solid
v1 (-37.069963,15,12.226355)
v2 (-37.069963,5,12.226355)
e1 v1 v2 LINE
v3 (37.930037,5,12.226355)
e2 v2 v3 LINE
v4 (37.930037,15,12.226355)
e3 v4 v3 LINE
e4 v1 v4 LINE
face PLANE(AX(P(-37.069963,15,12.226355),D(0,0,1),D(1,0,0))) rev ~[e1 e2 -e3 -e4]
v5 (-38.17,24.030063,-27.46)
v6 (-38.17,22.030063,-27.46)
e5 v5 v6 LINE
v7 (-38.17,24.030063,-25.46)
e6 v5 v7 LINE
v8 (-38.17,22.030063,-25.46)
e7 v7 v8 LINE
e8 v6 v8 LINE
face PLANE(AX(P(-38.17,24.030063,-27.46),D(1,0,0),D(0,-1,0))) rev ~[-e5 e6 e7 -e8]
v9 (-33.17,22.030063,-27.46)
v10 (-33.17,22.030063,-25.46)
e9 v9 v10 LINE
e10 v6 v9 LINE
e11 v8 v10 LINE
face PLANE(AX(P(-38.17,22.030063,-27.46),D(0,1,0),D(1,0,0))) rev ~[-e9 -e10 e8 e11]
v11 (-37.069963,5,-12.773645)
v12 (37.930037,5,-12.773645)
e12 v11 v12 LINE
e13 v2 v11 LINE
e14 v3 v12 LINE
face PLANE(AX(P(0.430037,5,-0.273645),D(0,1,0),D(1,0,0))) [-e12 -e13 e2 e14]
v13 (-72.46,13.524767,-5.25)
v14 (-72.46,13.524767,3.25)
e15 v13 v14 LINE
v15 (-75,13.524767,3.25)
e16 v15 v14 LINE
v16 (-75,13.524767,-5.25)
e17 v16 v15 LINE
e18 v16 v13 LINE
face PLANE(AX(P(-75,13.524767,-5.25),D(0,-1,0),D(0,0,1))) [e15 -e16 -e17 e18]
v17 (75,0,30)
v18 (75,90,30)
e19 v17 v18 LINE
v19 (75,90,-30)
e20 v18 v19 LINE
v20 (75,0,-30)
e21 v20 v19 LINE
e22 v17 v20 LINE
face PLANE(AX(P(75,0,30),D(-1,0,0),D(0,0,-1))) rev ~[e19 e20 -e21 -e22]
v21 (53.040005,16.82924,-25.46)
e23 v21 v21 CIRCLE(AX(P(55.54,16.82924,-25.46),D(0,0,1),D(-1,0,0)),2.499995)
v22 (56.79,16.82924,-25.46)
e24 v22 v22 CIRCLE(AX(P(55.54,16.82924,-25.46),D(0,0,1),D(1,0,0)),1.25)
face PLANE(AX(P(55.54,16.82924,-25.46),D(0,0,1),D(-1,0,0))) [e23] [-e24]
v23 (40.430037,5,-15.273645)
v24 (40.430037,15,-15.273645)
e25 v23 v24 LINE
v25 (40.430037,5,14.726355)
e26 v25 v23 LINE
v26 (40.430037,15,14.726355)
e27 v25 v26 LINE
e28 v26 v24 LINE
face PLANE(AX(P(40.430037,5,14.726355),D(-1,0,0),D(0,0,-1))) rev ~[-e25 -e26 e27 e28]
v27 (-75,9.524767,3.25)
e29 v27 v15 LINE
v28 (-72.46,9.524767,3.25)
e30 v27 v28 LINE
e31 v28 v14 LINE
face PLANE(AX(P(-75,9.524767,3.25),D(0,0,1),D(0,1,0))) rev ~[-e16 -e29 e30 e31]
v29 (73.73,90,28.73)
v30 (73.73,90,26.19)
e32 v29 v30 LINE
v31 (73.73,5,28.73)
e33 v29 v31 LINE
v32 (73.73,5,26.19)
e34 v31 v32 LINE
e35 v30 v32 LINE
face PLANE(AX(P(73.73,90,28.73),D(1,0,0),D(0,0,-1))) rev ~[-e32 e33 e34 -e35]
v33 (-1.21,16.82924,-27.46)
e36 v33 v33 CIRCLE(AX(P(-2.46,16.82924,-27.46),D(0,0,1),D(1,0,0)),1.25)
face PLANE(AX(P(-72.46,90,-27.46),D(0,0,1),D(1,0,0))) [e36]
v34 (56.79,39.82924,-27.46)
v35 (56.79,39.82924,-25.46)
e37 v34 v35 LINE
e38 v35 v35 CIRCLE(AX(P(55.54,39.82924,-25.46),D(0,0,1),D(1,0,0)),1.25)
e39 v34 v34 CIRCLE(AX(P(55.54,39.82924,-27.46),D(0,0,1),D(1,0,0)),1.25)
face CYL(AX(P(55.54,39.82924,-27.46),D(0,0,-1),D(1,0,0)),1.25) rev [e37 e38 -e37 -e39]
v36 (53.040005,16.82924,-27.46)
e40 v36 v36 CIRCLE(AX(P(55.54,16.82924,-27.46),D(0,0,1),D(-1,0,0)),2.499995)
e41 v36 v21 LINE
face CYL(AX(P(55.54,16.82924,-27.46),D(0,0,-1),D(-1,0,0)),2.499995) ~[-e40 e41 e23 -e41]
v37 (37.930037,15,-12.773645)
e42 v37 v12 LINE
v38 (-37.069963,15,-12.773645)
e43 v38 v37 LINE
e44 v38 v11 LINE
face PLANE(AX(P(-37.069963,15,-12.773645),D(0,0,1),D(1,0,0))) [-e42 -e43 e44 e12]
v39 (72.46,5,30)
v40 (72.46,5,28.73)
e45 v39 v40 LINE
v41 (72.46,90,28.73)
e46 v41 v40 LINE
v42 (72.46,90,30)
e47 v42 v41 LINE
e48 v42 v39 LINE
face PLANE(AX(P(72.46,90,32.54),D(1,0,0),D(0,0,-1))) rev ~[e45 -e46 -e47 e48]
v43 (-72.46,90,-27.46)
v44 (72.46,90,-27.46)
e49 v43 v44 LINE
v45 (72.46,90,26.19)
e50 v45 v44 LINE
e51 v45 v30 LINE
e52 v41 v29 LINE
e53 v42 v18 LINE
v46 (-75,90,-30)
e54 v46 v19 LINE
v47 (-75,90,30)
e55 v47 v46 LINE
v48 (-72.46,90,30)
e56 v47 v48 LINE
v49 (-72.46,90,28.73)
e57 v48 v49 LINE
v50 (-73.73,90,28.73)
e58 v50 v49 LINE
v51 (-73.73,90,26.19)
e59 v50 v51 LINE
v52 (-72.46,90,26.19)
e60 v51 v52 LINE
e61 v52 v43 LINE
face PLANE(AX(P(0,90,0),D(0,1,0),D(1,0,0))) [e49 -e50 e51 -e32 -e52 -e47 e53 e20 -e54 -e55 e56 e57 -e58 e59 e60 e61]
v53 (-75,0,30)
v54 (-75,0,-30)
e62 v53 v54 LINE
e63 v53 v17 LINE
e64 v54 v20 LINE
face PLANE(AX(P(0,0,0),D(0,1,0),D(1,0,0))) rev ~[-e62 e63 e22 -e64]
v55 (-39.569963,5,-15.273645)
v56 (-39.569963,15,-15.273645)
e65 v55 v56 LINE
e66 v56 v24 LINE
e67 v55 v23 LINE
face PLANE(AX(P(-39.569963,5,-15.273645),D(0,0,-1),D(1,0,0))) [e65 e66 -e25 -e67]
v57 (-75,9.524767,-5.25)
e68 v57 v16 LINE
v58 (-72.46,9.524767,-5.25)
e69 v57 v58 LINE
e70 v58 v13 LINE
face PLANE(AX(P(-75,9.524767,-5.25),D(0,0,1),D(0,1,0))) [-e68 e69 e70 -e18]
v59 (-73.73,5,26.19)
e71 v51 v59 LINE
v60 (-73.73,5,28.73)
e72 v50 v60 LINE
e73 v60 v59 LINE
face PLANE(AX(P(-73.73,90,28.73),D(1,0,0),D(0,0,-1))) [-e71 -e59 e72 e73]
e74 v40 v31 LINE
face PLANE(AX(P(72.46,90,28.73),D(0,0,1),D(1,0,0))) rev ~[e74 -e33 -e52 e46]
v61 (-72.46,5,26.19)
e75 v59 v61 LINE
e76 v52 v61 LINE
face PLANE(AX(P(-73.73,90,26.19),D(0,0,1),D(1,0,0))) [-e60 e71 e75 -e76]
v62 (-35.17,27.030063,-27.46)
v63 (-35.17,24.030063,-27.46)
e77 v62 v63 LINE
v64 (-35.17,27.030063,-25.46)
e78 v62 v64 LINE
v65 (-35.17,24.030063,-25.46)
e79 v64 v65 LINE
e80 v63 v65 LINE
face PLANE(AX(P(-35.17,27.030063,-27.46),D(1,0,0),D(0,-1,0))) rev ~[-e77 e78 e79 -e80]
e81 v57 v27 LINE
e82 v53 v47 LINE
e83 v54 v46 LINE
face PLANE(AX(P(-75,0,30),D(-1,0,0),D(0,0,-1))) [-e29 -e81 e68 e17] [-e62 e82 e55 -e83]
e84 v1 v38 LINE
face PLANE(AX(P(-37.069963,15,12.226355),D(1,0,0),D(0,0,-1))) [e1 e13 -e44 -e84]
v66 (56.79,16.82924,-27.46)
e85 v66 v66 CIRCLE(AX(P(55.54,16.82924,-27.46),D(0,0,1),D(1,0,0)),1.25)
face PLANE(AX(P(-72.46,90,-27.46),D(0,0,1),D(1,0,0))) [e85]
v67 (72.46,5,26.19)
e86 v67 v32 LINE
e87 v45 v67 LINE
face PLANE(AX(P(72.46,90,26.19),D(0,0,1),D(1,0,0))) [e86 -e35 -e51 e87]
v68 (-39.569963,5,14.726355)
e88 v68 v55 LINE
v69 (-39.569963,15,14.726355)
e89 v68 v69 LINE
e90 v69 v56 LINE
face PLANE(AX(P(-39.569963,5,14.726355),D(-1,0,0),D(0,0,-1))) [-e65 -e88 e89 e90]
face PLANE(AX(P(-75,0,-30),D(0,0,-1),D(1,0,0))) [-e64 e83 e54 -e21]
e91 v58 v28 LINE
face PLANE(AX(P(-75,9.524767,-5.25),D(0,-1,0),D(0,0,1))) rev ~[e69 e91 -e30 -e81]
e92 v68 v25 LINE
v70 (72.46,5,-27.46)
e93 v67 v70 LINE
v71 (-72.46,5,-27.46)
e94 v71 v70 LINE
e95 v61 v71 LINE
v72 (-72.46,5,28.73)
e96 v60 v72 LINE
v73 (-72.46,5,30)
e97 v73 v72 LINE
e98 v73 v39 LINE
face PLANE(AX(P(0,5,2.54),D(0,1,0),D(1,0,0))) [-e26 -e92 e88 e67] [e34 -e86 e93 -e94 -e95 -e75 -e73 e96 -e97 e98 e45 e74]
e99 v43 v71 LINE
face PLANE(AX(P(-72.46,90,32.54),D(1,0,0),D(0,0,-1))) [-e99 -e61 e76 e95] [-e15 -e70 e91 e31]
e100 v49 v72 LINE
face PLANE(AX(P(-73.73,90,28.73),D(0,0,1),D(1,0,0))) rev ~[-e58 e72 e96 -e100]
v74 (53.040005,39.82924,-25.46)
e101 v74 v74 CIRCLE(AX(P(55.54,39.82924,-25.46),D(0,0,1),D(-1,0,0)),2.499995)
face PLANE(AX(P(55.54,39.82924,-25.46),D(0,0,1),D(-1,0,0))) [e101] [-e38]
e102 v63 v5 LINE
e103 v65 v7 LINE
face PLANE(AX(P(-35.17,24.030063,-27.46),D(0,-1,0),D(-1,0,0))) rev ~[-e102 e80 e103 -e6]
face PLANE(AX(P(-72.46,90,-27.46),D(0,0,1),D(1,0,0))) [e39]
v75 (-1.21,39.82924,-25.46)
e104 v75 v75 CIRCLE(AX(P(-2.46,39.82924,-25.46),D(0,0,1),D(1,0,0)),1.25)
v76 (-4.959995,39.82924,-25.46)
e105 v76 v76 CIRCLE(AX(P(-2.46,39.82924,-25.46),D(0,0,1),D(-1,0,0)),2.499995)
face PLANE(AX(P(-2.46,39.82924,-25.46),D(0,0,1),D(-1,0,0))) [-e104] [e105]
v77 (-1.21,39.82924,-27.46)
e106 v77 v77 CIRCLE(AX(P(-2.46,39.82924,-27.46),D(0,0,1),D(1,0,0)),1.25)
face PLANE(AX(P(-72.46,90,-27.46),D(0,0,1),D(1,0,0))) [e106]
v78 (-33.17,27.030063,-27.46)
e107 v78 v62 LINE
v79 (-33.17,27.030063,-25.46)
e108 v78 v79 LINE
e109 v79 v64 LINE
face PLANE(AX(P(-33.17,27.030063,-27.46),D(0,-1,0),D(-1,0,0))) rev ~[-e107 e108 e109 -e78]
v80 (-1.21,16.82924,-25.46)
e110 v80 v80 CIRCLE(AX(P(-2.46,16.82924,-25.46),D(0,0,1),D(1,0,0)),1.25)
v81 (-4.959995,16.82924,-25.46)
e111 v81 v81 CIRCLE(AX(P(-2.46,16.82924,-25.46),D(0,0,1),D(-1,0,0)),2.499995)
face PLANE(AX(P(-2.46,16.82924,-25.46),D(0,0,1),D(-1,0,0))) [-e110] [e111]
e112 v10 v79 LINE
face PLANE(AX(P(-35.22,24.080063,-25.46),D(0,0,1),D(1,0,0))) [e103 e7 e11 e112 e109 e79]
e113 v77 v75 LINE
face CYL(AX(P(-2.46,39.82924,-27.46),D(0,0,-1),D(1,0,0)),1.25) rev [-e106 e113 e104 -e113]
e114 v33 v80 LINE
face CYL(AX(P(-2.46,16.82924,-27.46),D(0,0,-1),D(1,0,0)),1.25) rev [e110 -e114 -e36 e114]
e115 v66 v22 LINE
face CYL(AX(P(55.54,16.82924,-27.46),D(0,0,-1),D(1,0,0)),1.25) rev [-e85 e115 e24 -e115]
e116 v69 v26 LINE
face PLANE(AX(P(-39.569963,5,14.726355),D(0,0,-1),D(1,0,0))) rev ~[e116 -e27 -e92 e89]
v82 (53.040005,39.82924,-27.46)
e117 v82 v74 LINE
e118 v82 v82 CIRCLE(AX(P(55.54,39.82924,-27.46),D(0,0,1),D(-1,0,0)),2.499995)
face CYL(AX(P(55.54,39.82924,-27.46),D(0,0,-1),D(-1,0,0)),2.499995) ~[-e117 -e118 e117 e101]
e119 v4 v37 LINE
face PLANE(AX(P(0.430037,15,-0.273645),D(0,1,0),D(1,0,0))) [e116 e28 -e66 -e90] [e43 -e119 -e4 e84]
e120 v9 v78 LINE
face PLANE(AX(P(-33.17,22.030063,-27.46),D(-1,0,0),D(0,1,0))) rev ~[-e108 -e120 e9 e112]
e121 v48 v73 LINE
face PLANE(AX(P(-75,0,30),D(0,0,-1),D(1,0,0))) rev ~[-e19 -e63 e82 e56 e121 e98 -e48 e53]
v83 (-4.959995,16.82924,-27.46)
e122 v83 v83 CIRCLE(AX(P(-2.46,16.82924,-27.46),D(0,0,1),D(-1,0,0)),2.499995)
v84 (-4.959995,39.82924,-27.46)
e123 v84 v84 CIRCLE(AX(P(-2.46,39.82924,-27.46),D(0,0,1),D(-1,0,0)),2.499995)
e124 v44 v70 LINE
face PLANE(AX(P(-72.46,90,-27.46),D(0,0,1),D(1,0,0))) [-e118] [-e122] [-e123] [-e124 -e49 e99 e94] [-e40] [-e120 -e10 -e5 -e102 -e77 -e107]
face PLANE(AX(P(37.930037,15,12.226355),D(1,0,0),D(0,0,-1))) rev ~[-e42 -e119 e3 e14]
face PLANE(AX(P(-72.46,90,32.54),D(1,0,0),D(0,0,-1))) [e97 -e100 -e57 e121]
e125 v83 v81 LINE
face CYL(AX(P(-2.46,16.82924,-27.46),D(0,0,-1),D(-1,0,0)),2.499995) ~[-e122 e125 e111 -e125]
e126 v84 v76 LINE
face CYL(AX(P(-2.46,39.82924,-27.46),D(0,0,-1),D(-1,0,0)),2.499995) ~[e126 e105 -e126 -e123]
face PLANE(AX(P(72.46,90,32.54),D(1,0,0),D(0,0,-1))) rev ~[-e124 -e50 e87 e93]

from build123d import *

# Parameters (mm, degrees)
SKETCH1_W           = 150
SKETCH1_H           = 60
BOSS_EXTRUDE1_DEPTH = 90
SKETCH2_W           = 144.92
SKETCH2_H           = 60
CUT_EXTRUDE1_DEPTH  = 85
SKETCH6_R           = 2.499995
SKETCH6_R_2         = 1.25
BOSS_EXTRUDE2_DEPTH = 2
BOSS_EXTRUDE3_DEPTH = 2
SKETCH8_W           = 8.5
SKETCH8_H           = 4
CUT_EXTRUDE4_DEPTH  = 2.54
SKETCH12_W          = 80
SKETCH12_H          = 30
BOSS_EXTRUDE5_DEPTH = 10
SKETCH13_W          = 75
SKETCH13_H          = 25
CUT_EXTRUDE6_DEPTH  = 10
SKETCH16_W          = 1.27
SKETCH16_H          = 2.54
CUT_EXTRUDE7_DEPTH  = 85


with BuildPart() as part:
    # Sketch1 → Boss-Extrude1 (new body)
    with BuildSketch(Plane(origin=(0, 0, 0), x_dir=(1, 0, 0), z_dir=(0, 1, 0))):
        Rectangle(SKETCH1_W, SKETCH1_H)
    extrude(amount=BOSS_EXTRUDE1_DEPTH)

    # Sketch2 → Cut-Extrude1 (cut)
    with BuildSketch(Plane(origin=(0, 90, 0), x_dir=(1, 0, 0), z_dir=(0, 1, 0))):
        with Locations((0, -2.54)):
            Rectangle(SKETCH2_W, SKETCH2_H)
    extrude(amount=-CUT_EXTRUDE1_DEPTH, mode=Mode.SUBTRACT)

    # Sketch6 → Boss-Extrude2 (add)
    # profile 1 of 4: a face of its own
    with BuildSketch(Plane.XY.offset(-27.46)):
        with Locations(Location((-2.46, 39.829239544, 0), (0, 0, 180))):
            Circle(SKETCH6_R)
        with Locations((-2.46, 39.829239544)):
            Circle(SKETCH6_R_2, mode=Mode.SUBTRACT)
    # profile 2 of 4: a face of its own
    with BuildSketch(Plane.XY.offset(-27.46)):
        with Locations(Location((55.54, 39.829239544, 0), (0, 0, 180))):
            Circle(SKETCH6_R)
        with Locations((55.54, 39.829239544)):
            Circle(SKETCH6_R_2, mode=Mode.SUBTRACT)
    # profile 3 of 4: a face of its own
    with BuildSketch(Plane.XY.offset(-27.46)):
        with Locations(Location((55.54, 16.829239544, 0), (0, 0, 180))):
            Circle(SKETCH6_R)
        with Locations((55.54, 16.829239544)):
            Circle(SKETCH6_R_2, mode=Mode.SUBTRACT)
    # profile 4 of 4: a face of its own
    with BuildSketch(Plane.XY.offset(-27.46)):
        with Locations(Location((-2.46, 16.829239544, 0), (0, 0, 180))):
            Circle(SKETCH6_R)
        with Locations((-2.46, 16.829239544)):
            Circle(SKETCH6_R_2, mode=Mode.SUBTRACT)
    extrude(amount=BOSS_EXTRUDE2_DEPTH)

    # Sketch7 → Boss-Extrude3 (add)
    with BuildSketch(Plane.XY.offset(-27.46)):
        Polygon((-38.17, 24.030063331), (-38.17, 22.030063331), (-33.17, 22.030063331), (-33.17, 27.030063331), (-35.17, 27.030063331), (-35.17, 24.030063331), align=None)
    extrude(amount=BOSS_EXTRUDE3_DEPTH)

    # Sketch8 → Cut-Extrude4 (cut)
    with BuildSketch(Plane.ZY.offset(75)):
        with Locations((-1, 11.52476666)):
            Rectangle(SKETCH8_W, SKETCH8_H)
    extrude(amount=-CUT_EXTRUDE4_DEPTH, mode=Mode.SUBTRACT)

    # Sketch12 → Boss-Extrude5 (add)
    with BuildSketch(Plane(origin=(0, 5, 0), x_dir=(1, 0, 0), z_dir=(0, 1, 0))):
        with Locations((0.430037325, 0.273645115)):
            Rectangle(SKETCH12_W, SKETCH12_H)
    extrude(amount=BOSS_EXTRUDE5_DEPTH)

    # Sketch13 → Cut-Extrude6 (cut)
    with BuildSketch(Plane(origin=(0, 15, 0), x_dir=(1, 0, 0), z_dir=(0, 1, 0))):
        with Locations((0.430037325, 0.273645115)):
            Rectangle(SKETCH13_W, SKETCH13_H)
    extrude(amount=-CUT_EXTRUDE6_DEPTH, mode=Mode.SUBTRACT)

    # Sketch16 → Cut-Extrude7 (cut)
    with BuildSketch(Plane(origin=(0, 90, 0), x_dir=(1, 0, 0), z_dir=(0, 1, 0))):
        with Locations((-73.095, -27.46)):
            Rectangle(SKETCH16_W, SKETCH16_H)
        with Locations((73.095, -27.46)):
            Rectangle(SKETCH16_W, SKETCH16_H)
    extrude(amount=-CUT_EXTRUDE7_DEPTH, mode=Mode.SUBTRACT)


solid = part.part
